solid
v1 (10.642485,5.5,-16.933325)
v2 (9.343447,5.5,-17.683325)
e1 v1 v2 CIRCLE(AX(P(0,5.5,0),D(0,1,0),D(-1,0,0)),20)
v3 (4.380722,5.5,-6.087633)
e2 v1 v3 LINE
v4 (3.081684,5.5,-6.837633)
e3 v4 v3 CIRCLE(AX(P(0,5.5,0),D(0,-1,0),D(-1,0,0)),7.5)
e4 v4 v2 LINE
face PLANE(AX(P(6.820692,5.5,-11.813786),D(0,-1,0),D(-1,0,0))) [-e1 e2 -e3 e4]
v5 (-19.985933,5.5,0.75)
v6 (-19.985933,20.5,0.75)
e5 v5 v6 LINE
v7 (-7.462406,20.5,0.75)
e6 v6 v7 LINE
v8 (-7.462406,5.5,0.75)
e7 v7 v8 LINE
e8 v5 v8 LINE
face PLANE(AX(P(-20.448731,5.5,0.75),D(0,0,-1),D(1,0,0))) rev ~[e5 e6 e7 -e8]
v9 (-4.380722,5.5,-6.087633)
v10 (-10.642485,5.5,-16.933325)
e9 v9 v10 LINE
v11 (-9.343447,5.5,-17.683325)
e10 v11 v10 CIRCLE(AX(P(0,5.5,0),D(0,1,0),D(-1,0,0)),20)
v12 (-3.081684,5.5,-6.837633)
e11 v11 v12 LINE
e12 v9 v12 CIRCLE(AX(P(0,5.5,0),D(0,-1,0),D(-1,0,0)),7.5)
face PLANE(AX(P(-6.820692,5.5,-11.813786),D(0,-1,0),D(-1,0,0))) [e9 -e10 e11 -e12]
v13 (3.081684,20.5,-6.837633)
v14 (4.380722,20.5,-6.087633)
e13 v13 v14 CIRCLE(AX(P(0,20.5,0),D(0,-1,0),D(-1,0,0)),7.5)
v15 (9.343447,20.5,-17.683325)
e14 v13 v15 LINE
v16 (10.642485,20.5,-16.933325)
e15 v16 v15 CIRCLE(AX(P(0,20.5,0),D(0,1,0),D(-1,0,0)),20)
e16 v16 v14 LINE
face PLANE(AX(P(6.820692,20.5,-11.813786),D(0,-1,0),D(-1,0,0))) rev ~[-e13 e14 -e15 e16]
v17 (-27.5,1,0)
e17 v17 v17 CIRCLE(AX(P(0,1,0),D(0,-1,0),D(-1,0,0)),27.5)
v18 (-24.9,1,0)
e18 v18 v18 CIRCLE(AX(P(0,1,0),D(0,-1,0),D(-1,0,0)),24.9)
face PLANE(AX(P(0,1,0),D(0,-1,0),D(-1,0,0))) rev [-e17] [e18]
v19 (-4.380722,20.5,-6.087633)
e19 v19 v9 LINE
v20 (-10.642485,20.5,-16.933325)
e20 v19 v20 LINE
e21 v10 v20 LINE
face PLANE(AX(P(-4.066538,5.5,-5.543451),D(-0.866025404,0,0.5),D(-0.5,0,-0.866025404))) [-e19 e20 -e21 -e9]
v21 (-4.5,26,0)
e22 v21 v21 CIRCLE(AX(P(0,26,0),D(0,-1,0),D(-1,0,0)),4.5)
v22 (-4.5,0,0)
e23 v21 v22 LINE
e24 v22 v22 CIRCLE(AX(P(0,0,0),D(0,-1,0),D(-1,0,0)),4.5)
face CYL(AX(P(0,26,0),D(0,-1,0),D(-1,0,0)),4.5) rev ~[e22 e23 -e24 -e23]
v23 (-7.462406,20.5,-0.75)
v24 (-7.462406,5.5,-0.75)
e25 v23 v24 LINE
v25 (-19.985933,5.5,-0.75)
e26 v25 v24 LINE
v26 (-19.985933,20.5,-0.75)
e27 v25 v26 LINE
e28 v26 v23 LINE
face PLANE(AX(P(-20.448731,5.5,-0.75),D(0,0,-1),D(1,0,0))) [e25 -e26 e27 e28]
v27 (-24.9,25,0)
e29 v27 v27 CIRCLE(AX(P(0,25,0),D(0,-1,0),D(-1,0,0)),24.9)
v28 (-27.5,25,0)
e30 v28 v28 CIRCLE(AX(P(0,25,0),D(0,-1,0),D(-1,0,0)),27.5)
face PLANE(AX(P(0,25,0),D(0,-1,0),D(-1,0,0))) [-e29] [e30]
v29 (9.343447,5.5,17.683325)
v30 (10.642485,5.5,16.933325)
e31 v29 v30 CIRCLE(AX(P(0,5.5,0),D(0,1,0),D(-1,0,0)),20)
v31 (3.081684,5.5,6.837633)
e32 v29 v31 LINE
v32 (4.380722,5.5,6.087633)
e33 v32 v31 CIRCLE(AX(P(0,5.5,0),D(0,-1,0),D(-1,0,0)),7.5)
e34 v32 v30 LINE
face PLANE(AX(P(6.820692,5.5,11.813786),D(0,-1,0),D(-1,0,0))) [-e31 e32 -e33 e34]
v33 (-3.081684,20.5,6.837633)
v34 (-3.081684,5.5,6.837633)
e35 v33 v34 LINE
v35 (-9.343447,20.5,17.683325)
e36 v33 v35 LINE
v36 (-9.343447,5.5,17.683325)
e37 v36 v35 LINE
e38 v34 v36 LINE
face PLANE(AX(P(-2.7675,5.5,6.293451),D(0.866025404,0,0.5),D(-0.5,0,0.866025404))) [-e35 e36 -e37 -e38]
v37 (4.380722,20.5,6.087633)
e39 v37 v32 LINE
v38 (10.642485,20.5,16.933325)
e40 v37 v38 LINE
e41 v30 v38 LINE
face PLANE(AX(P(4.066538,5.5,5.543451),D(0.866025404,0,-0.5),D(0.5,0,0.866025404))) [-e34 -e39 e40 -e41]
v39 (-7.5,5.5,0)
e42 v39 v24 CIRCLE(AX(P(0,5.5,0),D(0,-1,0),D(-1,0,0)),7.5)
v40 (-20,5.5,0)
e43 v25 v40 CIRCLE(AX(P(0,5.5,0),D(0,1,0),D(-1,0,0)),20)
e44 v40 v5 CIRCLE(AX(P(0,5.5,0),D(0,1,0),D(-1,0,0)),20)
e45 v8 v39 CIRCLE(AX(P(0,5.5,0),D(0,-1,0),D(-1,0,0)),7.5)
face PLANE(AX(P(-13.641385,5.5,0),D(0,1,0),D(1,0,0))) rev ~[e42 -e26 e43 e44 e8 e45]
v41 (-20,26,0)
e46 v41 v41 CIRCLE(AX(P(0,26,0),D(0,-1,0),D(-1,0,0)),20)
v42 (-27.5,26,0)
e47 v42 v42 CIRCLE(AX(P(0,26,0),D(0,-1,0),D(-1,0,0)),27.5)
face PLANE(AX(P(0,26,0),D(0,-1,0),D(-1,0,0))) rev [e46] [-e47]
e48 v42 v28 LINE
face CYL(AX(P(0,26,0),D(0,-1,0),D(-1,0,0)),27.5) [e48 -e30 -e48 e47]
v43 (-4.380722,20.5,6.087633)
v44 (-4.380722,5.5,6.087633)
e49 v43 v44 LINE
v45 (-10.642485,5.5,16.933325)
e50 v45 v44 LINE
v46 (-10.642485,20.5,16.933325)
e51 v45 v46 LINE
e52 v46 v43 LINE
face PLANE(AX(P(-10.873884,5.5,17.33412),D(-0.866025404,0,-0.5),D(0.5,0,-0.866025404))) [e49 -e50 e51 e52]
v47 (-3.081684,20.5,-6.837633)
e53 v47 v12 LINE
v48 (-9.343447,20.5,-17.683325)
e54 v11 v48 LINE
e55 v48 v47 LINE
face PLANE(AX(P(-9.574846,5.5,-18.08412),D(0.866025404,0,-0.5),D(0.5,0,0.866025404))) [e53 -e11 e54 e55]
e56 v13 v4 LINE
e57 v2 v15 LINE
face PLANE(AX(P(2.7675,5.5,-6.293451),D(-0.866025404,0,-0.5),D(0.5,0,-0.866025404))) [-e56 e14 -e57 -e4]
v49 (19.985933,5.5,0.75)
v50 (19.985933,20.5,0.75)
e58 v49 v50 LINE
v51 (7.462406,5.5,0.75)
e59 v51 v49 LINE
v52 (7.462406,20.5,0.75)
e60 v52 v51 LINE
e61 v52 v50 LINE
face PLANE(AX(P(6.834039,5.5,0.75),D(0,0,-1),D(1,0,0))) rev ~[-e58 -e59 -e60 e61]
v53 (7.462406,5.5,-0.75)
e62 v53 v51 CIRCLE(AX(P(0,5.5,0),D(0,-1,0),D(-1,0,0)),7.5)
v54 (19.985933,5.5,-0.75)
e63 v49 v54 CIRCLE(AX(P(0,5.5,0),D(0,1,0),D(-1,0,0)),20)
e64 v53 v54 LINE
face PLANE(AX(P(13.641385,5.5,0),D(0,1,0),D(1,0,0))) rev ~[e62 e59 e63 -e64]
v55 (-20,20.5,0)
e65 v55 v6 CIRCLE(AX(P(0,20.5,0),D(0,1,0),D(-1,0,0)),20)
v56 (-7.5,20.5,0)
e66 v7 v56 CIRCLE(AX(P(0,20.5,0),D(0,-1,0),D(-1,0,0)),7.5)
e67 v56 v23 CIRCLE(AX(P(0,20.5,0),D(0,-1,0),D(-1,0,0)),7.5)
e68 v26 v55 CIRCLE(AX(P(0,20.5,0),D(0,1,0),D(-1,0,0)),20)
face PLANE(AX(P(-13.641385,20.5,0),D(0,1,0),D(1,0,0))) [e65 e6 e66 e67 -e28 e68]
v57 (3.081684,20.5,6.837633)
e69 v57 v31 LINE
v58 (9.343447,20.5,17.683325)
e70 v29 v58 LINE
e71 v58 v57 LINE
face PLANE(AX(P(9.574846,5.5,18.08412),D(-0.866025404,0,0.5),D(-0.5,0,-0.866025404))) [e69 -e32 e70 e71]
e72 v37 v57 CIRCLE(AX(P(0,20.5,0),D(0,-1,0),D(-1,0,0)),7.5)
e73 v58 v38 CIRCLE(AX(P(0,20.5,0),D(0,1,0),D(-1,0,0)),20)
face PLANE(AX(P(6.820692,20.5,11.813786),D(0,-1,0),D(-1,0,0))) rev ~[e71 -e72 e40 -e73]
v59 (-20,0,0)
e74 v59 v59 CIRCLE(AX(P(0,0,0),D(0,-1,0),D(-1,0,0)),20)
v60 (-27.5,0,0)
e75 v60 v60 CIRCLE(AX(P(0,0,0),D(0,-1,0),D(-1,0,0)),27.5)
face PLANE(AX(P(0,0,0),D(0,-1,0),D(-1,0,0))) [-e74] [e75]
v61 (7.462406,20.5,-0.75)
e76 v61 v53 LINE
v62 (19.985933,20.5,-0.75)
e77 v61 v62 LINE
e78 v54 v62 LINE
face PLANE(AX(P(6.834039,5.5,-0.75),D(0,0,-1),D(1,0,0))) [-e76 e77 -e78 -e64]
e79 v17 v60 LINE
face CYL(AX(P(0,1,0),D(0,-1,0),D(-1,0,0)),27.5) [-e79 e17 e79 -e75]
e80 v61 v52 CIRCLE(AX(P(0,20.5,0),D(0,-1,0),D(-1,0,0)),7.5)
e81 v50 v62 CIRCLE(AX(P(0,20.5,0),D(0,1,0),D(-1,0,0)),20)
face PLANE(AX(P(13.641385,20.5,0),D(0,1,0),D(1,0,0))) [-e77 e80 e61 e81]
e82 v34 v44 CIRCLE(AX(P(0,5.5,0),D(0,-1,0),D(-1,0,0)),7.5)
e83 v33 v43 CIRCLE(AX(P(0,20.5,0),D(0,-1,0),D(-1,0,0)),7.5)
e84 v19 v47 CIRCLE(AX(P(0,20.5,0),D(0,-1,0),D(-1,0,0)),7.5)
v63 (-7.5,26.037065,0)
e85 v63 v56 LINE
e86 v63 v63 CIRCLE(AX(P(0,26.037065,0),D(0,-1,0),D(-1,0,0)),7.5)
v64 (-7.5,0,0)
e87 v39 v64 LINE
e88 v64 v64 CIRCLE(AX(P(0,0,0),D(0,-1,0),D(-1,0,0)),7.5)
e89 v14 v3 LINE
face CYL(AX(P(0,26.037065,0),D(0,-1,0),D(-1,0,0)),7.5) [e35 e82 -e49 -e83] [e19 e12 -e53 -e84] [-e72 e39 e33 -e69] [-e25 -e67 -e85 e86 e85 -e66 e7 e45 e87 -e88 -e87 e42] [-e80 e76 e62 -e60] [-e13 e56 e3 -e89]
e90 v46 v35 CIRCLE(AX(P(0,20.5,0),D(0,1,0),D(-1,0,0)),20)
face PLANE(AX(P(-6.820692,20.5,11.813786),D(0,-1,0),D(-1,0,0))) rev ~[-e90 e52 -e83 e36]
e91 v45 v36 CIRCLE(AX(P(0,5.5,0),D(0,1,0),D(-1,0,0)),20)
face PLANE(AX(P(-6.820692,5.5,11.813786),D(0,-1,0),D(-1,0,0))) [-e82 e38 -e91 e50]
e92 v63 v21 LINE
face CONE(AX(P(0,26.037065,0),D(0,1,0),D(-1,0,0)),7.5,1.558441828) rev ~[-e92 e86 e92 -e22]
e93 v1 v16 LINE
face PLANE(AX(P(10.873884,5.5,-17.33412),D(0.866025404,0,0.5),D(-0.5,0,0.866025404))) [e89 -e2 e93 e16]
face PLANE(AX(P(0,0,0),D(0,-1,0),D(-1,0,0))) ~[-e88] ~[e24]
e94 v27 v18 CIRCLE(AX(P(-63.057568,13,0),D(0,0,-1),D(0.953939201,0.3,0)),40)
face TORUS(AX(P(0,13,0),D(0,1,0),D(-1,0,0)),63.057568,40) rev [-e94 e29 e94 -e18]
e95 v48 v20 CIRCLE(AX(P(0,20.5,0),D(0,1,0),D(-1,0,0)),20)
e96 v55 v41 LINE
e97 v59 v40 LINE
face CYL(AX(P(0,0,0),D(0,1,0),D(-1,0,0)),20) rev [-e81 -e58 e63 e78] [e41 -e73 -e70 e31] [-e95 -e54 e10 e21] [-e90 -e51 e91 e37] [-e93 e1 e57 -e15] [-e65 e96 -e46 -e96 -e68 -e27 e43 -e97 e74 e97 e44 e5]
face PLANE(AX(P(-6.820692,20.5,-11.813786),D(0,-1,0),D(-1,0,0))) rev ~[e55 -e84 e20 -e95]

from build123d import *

# Parameters (mm, degrees)
BOSS_EXTRUDE1_START = 5.5
SKETCH4_W           = 13.614691885
SKETCH4_H           = 1.5
BOSS_EXTRUDE1_DEPTH = 15


with BuildPart() as part:
    # Sketch1 → Revolve1 (revolve)
    with BuildSketch(Plane.XY):
        with BuildLine():
            Line((-20, 26), (-27.5, 26))
            Line((-27.5, 26), (-27.5, 25))
            Line((-27.5, 25), (-24.9, 25))
            ThreePointArc((-24.9, 25), (-23.057568057, 13), (-24.9, 1))
            Line((-24.9, 1), (-27.5, 1))
            Line((-27.5, 1), (-27.5, 0))
            Line((-27.5, 0), (-20, 0))
            Line((-20, 0), (-20, 5.5))
            Line((-20, 5.5), (-20, 20.5))
            Line((-20, 20.5), (-20, 26))
        make_face()
        Polygon((-4.5, 26), (-4.5, 0), (-7.5, 0), (-7.5, 5.5), (-7.5, 20.5), (-7.5, 26.037065381), align=None)
    revolve(axis=Axis((0, 42.404735677, 0), (0, -1, 0)))

    # Sketch4 → Boss-Extrude1 (add)
    with BuildSketch(Plane(origin=(0, 0, 0), x_dir=(1, 0, 0), z_dir=(0, 1, 0)).offset(BOSS_EXTRUDE1_START)):
        with Locations((13.641384633, 0)):
            Rectangle(SKETCH4_W, SKETCH4_H)
        Polygon((4.066538398, -5.543451116), (10.873884341, -17.334120153), (9.574846235, -18.084120153), (2.767500292, -6.293451116), align=None)
        Polygon((-2.767500292, -6.293451116), (-9.574846235, -18.084120153), (-10.873884341, -17.334120153), (-4.066538398, -5.543451116), align=None)
        with Locations((-13.641384633, 0)):
            Rectangle(SKETCH4_W, SKETCH4_H)
        Polygon((-4.066538398, 5.543451116), (-10.873884341, 17.334120153), (-9.574846235, 18.084120153), (-2.767500292, 6.293451116), align=None)
        Polygon((2.767500292, 6.293451116), (9.574846235, 18.084120153), (10.873884341, 17.334120153), (4.066538398, 5.543451116), align=None)
    extrude(amount=BOSS_EXTRUDE1_DEPTH)


solid = part.part
